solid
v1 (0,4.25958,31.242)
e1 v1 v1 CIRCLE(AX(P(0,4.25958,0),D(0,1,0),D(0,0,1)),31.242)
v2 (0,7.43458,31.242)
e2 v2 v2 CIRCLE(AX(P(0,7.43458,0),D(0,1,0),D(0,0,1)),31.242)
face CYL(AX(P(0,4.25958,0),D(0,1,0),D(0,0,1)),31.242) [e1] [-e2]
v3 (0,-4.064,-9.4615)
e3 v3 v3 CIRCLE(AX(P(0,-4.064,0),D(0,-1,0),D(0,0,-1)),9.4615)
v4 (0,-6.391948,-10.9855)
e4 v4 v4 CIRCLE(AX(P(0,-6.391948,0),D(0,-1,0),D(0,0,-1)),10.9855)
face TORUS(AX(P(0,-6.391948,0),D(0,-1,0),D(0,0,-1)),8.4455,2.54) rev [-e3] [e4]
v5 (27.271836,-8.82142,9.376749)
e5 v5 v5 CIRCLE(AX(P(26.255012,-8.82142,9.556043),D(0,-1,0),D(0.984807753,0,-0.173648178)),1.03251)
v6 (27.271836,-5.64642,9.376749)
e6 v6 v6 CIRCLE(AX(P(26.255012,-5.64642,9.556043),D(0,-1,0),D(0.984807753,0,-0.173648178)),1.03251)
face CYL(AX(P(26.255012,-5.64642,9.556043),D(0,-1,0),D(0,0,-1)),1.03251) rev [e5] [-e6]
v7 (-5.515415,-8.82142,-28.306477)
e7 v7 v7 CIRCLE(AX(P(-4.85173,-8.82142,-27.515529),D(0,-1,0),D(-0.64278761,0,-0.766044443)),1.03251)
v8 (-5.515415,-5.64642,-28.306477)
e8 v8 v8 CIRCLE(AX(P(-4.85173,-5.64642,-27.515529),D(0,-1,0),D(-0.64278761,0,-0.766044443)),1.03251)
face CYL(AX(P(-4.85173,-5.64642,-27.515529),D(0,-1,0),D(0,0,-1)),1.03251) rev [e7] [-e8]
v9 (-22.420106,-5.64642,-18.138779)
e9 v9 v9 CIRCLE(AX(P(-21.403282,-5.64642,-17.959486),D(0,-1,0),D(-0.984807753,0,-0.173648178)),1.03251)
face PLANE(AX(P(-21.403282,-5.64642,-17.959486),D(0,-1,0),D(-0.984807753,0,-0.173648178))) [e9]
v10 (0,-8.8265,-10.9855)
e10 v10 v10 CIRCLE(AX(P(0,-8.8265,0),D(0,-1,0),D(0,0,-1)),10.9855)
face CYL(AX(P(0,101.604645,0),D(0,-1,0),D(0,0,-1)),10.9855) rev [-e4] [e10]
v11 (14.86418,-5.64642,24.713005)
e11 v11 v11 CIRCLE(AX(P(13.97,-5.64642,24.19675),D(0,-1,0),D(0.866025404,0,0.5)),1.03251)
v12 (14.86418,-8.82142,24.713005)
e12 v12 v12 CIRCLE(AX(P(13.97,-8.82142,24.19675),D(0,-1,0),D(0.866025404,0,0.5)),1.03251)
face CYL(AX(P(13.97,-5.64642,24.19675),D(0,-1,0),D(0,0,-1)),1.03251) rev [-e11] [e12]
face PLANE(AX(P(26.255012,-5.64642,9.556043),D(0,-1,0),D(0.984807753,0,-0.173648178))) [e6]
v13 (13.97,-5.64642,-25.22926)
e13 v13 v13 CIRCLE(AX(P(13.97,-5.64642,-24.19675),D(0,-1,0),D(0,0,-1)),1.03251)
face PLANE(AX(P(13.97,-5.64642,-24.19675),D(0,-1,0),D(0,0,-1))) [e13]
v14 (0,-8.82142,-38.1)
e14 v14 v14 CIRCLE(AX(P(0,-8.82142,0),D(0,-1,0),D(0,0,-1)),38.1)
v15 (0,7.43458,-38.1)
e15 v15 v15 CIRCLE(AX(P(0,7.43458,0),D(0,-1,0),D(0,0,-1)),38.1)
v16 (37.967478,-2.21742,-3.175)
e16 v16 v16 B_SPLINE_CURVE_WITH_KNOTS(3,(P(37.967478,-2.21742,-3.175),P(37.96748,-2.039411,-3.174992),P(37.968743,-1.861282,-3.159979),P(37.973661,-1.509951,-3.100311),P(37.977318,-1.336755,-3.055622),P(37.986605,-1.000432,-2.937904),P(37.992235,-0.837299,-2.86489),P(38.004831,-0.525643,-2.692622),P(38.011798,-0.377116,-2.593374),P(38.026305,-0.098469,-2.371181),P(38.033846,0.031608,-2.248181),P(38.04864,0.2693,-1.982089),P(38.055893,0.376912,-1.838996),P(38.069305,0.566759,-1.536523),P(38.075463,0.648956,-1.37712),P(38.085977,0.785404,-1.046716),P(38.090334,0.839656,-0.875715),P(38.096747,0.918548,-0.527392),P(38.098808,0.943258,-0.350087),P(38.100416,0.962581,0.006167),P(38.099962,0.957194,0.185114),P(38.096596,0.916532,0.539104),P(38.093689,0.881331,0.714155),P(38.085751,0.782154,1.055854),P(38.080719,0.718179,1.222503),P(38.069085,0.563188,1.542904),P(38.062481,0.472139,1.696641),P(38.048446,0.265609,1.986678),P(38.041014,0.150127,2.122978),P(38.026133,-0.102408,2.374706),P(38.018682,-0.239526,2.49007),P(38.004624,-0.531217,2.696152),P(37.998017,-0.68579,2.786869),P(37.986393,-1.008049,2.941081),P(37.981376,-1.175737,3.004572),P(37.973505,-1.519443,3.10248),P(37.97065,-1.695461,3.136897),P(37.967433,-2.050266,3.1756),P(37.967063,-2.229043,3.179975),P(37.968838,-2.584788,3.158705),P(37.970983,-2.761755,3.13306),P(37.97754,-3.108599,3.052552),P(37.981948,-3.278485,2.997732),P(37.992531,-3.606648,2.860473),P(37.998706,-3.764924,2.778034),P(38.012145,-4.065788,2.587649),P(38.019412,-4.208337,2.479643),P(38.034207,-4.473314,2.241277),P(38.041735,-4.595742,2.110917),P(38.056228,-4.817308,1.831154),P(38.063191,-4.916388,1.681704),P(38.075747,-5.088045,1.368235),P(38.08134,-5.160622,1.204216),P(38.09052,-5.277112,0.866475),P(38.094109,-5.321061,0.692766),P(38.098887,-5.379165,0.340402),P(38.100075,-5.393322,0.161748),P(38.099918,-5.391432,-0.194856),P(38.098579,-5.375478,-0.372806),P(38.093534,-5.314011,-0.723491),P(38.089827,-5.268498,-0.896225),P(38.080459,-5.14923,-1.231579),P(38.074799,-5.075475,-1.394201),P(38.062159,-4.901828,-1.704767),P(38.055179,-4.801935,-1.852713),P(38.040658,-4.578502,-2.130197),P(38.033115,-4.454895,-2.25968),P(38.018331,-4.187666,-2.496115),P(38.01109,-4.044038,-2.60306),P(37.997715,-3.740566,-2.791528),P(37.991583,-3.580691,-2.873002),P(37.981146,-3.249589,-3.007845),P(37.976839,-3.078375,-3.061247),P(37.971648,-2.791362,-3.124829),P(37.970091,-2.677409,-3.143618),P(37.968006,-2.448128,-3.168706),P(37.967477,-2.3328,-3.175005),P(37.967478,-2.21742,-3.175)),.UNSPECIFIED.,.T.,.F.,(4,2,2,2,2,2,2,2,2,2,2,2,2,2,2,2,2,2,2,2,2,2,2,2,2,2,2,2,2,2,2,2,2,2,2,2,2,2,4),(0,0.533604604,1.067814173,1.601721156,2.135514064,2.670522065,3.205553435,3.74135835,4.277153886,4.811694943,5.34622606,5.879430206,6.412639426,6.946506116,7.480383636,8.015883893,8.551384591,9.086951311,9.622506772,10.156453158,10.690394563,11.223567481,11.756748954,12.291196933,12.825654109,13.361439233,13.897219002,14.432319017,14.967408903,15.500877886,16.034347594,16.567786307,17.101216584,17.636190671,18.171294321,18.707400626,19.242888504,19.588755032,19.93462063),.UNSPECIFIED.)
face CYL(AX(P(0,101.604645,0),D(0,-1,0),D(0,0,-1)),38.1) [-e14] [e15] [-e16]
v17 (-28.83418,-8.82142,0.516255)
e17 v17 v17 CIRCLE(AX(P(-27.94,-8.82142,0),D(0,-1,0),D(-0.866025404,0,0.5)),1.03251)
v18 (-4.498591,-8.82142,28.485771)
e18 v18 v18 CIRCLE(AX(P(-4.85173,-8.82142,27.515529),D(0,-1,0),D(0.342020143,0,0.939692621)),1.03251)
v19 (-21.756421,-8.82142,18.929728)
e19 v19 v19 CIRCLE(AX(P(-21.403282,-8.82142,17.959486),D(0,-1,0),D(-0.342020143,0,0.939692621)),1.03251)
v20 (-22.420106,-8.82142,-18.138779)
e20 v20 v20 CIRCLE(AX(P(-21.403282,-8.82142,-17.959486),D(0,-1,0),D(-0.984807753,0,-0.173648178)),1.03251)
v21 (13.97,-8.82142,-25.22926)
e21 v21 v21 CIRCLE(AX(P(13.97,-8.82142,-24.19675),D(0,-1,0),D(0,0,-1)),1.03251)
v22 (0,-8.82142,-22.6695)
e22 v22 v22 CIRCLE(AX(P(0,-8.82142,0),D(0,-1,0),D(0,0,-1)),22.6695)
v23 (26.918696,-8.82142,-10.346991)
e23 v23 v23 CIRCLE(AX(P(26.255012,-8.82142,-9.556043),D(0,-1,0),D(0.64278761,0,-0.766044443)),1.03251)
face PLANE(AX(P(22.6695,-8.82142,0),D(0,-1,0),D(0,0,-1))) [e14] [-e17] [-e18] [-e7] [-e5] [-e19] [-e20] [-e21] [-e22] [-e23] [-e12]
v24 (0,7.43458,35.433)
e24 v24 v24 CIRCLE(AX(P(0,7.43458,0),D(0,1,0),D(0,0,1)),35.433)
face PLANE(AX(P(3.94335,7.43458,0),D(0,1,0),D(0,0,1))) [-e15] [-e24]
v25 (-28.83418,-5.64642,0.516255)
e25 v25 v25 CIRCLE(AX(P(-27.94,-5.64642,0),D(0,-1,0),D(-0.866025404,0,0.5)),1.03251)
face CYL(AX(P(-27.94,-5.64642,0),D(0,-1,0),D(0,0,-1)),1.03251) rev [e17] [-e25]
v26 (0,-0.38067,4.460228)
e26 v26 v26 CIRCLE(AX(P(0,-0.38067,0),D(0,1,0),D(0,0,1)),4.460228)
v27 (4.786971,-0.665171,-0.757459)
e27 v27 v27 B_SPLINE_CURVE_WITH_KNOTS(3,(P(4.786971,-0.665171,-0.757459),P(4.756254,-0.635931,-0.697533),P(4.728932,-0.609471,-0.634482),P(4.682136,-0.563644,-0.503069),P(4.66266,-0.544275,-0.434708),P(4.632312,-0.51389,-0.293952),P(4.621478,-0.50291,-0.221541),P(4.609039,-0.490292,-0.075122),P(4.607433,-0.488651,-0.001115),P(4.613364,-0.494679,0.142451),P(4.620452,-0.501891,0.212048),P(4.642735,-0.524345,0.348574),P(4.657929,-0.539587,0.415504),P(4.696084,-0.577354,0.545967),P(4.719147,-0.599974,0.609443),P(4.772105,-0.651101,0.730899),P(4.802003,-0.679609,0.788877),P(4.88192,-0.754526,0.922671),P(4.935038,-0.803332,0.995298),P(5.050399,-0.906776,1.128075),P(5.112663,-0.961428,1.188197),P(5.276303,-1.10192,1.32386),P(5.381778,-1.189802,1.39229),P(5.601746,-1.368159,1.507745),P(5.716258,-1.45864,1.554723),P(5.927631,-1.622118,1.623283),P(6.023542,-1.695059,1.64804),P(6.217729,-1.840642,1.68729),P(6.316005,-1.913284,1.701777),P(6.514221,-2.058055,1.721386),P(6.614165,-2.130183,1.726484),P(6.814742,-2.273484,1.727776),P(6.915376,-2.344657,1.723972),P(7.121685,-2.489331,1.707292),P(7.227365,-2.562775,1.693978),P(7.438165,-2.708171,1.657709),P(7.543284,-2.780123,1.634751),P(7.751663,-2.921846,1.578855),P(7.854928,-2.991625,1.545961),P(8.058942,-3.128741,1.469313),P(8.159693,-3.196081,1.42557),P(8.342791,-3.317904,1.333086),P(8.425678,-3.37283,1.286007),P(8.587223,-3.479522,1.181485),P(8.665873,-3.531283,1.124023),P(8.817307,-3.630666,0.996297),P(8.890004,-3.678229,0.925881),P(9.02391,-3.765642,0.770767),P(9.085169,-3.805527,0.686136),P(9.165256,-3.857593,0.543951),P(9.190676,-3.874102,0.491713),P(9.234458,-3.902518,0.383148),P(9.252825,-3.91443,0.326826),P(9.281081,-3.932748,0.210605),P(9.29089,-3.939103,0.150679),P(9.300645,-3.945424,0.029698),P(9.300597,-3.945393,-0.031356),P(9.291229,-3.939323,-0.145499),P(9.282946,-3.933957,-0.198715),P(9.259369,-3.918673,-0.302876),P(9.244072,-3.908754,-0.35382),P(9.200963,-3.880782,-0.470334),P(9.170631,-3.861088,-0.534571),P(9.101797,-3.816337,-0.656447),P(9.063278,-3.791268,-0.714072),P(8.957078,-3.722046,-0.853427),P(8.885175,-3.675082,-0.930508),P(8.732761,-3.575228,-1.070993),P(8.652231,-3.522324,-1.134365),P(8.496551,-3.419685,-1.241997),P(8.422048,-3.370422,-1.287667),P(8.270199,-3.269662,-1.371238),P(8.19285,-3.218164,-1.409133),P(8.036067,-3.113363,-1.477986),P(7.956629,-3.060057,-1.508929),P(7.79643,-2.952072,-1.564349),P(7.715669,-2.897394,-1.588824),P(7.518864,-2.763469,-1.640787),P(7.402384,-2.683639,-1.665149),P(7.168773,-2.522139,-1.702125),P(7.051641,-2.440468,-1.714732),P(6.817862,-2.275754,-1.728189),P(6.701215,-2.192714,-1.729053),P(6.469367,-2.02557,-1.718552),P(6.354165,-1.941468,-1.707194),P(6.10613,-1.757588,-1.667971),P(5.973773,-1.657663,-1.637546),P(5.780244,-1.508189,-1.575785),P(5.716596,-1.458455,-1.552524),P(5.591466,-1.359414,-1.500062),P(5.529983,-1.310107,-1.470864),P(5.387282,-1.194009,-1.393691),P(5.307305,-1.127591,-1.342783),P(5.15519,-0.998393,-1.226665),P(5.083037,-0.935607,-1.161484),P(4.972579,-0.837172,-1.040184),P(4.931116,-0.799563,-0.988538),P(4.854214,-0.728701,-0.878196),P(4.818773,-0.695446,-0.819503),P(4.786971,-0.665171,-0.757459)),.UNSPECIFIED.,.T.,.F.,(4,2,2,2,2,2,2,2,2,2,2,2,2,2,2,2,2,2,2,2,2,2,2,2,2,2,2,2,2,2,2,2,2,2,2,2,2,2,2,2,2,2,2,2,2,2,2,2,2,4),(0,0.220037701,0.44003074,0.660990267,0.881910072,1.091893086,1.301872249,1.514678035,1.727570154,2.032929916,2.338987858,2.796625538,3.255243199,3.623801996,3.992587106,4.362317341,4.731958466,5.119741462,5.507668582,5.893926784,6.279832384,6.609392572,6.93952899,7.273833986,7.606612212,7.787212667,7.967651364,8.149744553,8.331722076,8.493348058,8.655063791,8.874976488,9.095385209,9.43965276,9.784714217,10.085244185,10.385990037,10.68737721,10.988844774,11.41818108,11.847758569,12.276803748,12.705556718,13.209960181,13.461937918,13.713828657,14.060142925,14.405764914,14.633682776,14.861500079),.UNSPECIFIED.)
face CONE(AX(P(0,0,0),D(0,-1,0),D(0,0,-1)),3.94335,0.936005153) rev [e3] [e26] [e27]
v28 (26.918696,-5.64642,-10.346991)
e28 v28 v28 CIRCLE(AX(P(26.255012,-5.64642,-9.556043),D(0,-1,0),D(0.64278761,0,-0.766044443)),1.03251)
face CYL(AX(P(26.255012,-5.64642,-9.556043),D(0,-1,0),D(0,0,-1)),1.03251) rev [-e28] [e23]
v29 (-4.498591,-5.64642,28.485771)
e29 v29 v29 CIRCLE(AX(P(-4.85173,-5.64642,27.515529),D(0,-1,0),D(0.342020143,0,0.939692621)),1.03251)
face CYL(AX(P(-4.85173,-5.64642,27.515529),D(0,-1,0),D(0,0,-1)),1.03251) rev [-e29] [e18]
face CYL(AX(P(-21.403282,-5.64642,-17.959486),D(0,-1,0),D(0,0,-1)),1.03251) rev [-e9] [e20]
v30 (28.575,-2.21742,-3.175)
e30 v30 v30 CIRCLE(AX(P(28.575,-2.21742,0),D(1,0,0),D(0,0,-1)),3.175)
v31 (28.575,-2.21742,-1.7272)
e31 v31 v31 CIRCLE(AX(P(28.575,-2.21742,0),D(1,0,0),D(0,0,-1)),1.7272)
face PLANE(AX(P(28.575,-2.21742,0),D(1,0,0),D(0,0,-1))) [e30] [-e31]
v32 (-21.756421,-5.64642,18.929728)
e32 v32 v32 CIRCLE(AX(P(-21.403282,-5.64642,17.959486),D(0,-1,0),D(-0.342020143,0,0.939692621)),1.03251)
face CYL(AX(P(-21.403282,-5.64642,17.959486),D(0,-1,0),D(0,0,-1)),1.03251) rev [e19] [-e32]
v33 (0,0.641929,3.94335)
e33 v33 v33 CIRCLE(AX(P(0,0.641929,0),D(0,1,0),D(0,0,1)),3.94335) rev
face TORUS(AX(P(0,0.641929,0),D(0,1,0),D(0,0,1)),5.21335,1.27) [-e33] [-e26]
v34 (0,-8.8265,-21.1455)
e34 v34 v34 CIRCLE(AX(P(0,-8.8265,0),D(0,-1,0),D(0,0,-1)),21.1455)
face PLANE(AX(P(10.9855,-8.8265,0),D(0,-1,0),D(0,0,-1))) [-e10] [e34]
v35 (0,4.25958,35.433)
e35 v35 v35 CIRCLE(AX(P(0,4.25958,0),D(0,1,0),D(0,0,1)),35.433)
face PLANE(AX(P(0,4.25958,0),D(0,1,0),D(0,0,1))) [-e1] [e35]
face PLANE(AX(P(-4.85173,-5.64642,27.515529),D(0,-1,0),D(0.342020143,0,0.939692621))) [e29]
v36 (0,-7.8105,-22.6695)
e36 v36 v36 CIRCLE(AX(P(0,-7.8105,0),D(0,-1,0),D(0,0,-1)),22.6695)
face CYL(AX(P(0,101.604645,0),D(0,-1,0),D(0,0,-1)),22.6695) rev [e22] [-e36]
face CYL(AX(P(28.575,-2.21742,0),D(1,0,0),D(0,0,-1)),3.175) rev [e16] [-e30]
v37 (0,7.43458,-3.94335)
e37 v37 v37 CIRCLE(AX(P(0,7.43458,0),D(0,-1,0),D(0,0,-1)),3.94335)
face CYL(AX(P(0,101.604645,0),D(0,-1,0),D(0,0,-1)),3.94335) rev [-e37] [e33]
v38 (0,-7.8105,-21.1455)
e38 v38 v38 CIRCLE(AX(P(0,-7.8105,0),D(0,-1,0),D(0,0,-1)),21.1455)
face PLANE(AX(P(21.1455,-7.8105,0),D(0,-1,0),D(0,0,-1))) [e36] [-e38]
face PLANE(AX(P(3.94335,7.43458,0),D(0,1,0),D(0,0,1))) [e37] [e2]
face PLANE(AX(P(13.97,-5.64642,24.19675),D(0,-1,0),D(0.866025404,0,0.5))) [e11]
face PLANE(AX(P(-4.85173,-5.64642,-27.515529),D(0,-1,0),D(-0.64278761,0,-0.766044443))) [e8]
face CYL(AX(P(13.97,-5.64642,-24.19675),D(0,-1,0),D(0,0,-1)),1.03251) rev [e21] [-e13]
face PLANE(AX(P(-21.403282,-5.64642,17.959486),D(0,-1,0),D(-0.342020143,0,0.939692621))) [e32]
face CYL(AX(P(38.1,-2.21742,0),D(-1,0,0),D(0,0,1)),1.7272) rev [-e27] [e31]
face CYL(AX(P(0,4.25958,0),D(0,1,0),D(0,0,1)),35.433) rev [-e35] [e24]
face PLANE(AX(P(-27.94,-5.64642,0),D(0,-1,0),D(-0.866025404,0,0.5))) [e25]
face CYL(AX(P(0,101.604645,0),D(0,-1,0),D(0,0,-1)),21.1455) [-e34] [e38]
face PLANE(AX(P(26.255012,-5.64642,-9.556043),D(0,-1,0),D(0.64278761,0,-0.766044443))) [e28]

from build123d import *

# Parameters (mm, degrees)
SKETCH2_R          = 1.7272
CUT_EXTRUDE1_DEPTH = 55.599698738
SKETCH3_R          = 35.433
SKETCH3_R_2        = 31.242
CUT_EXTRUDE2_DEPTH = 3.175
SKETCH4_R          = 1.03251
CUT_EXTRUDE3_DEPTH = 3.175
CIRPATTERN1_COUNT  = 9
SKETCH5_R          = 3.175
CUT_EXTRUDE4_DEPTH = 9.525
FILLET1_R          = 1.27


with BuildPart() as part:
    # Sketch1 → Revolve1 (revolve)
    with BuildSketch(Plane.XY):
        with BuildLine():
            Line((3.94335, 7.43458), (38.1, 7.43458))
            Line((38.1, 7.43458), (38.1, -8.82142))
            Line((38.1, -8.82142), (22.6695, -8.82142))
            Line((22.6695, -8.82142), (22.6695, -7.8105))
            Line((22.6695, -7.8105), (21.1455, -7.8105))
            Line((21.1455, -7.8105), (21.1455, -8.8265))
            Line((21.1455, -8.8265), (10.9855, -8.8265))
            Line((10.9855, -8.8265), (10.9855, -6.391948453))
            ThreePointArc((10.9855, -6.391948453), (10.570616467, -5.000733157), (9.4615, -4.064))
            Line((9.4615, -4.064), (3.94335, 0))
            Line((3.94335, 0), (3.94335, 7.43458))
        make_face()
    revolve(axis=Axis((0, 101.60464546, 0), (0, 1, 0)))

    # Sketch2 → Cut-Extrude1 (cut, through all)
    with BuildSketch(Plane(origin=(0, 0, 0), x_dir=(0, 0, -1), z_dir=(1, 0, 0))):
        with Locations((0, -2.21742)):
            Circle(SKETCH2_R)
    extrude(amount=CUT_EXTRUDE1_DEPTH, mode=Mode.SUBTRACT)

    # Sketch3 → Cut-Extrude2 (cut)
    with BuildSketch(Plane(origin=(0, 7.43458, 0), x_dir=(1, 0, 0), z_dir=(0, 1, 0))):
        Circle(SKETCH3_R)
        Circle(SKETCH3_R_2, mode=Mode.SUBTRACT)
    extrude(amount=-CUT_EXTRUDE2_DEPTH, mode=Mode.SUBTRACT)

    # Sketch4 → Cut-Extrude3 (cut)
    with BuildSketch(Plane(origin=(0, -8.82142, 0), x_dir=(-1, 0, 0), z_dir=(0, -1, 0))):
        with Locations((-13.97, 24.196749782)):
            Circle(SKETCH4_R)
    cut_extrude3 = extrude(amount=-CUT_EXTRUDE3_DEPTH, mode=Mode.SUBTRACT)

    # CirPattern1: Cut-Extrude3 ×9 about axis
    cirpattern1_axis = Axis((0, 7.43458, 0), (0, -1, 0))
    for i in range(1, CIRPATTERN1_COUNT):
        add(cut_extrude3.rotate(cirpattern1_axis, i * 360 / CIRPATTERN1_COUNT), mode=Mode.SUBTRACT)

    # Sketch5 → Cut-Extrude4 (cut)
    with BuildSketch(Plane(origin=(38.1, 0, 0), x_dir=(0, 0, -1), z_dir=(1, 0, 0))):
        with Locations((0, -2.21742)):
            Circle(SKETCH5_R)
    extrude(amount=-CUT_EXTRUDE4_DEPTH, mode=Mode.SUBTRACT)

    # Fillet1
    fillet1_edges = [part.edges().sort_by_distance(p)[0] for p in [
        (-3.94335, 0, 0),
    ]]
    fillet(fillet1_edges, radius=FILLET1_R)


solid = part.part
